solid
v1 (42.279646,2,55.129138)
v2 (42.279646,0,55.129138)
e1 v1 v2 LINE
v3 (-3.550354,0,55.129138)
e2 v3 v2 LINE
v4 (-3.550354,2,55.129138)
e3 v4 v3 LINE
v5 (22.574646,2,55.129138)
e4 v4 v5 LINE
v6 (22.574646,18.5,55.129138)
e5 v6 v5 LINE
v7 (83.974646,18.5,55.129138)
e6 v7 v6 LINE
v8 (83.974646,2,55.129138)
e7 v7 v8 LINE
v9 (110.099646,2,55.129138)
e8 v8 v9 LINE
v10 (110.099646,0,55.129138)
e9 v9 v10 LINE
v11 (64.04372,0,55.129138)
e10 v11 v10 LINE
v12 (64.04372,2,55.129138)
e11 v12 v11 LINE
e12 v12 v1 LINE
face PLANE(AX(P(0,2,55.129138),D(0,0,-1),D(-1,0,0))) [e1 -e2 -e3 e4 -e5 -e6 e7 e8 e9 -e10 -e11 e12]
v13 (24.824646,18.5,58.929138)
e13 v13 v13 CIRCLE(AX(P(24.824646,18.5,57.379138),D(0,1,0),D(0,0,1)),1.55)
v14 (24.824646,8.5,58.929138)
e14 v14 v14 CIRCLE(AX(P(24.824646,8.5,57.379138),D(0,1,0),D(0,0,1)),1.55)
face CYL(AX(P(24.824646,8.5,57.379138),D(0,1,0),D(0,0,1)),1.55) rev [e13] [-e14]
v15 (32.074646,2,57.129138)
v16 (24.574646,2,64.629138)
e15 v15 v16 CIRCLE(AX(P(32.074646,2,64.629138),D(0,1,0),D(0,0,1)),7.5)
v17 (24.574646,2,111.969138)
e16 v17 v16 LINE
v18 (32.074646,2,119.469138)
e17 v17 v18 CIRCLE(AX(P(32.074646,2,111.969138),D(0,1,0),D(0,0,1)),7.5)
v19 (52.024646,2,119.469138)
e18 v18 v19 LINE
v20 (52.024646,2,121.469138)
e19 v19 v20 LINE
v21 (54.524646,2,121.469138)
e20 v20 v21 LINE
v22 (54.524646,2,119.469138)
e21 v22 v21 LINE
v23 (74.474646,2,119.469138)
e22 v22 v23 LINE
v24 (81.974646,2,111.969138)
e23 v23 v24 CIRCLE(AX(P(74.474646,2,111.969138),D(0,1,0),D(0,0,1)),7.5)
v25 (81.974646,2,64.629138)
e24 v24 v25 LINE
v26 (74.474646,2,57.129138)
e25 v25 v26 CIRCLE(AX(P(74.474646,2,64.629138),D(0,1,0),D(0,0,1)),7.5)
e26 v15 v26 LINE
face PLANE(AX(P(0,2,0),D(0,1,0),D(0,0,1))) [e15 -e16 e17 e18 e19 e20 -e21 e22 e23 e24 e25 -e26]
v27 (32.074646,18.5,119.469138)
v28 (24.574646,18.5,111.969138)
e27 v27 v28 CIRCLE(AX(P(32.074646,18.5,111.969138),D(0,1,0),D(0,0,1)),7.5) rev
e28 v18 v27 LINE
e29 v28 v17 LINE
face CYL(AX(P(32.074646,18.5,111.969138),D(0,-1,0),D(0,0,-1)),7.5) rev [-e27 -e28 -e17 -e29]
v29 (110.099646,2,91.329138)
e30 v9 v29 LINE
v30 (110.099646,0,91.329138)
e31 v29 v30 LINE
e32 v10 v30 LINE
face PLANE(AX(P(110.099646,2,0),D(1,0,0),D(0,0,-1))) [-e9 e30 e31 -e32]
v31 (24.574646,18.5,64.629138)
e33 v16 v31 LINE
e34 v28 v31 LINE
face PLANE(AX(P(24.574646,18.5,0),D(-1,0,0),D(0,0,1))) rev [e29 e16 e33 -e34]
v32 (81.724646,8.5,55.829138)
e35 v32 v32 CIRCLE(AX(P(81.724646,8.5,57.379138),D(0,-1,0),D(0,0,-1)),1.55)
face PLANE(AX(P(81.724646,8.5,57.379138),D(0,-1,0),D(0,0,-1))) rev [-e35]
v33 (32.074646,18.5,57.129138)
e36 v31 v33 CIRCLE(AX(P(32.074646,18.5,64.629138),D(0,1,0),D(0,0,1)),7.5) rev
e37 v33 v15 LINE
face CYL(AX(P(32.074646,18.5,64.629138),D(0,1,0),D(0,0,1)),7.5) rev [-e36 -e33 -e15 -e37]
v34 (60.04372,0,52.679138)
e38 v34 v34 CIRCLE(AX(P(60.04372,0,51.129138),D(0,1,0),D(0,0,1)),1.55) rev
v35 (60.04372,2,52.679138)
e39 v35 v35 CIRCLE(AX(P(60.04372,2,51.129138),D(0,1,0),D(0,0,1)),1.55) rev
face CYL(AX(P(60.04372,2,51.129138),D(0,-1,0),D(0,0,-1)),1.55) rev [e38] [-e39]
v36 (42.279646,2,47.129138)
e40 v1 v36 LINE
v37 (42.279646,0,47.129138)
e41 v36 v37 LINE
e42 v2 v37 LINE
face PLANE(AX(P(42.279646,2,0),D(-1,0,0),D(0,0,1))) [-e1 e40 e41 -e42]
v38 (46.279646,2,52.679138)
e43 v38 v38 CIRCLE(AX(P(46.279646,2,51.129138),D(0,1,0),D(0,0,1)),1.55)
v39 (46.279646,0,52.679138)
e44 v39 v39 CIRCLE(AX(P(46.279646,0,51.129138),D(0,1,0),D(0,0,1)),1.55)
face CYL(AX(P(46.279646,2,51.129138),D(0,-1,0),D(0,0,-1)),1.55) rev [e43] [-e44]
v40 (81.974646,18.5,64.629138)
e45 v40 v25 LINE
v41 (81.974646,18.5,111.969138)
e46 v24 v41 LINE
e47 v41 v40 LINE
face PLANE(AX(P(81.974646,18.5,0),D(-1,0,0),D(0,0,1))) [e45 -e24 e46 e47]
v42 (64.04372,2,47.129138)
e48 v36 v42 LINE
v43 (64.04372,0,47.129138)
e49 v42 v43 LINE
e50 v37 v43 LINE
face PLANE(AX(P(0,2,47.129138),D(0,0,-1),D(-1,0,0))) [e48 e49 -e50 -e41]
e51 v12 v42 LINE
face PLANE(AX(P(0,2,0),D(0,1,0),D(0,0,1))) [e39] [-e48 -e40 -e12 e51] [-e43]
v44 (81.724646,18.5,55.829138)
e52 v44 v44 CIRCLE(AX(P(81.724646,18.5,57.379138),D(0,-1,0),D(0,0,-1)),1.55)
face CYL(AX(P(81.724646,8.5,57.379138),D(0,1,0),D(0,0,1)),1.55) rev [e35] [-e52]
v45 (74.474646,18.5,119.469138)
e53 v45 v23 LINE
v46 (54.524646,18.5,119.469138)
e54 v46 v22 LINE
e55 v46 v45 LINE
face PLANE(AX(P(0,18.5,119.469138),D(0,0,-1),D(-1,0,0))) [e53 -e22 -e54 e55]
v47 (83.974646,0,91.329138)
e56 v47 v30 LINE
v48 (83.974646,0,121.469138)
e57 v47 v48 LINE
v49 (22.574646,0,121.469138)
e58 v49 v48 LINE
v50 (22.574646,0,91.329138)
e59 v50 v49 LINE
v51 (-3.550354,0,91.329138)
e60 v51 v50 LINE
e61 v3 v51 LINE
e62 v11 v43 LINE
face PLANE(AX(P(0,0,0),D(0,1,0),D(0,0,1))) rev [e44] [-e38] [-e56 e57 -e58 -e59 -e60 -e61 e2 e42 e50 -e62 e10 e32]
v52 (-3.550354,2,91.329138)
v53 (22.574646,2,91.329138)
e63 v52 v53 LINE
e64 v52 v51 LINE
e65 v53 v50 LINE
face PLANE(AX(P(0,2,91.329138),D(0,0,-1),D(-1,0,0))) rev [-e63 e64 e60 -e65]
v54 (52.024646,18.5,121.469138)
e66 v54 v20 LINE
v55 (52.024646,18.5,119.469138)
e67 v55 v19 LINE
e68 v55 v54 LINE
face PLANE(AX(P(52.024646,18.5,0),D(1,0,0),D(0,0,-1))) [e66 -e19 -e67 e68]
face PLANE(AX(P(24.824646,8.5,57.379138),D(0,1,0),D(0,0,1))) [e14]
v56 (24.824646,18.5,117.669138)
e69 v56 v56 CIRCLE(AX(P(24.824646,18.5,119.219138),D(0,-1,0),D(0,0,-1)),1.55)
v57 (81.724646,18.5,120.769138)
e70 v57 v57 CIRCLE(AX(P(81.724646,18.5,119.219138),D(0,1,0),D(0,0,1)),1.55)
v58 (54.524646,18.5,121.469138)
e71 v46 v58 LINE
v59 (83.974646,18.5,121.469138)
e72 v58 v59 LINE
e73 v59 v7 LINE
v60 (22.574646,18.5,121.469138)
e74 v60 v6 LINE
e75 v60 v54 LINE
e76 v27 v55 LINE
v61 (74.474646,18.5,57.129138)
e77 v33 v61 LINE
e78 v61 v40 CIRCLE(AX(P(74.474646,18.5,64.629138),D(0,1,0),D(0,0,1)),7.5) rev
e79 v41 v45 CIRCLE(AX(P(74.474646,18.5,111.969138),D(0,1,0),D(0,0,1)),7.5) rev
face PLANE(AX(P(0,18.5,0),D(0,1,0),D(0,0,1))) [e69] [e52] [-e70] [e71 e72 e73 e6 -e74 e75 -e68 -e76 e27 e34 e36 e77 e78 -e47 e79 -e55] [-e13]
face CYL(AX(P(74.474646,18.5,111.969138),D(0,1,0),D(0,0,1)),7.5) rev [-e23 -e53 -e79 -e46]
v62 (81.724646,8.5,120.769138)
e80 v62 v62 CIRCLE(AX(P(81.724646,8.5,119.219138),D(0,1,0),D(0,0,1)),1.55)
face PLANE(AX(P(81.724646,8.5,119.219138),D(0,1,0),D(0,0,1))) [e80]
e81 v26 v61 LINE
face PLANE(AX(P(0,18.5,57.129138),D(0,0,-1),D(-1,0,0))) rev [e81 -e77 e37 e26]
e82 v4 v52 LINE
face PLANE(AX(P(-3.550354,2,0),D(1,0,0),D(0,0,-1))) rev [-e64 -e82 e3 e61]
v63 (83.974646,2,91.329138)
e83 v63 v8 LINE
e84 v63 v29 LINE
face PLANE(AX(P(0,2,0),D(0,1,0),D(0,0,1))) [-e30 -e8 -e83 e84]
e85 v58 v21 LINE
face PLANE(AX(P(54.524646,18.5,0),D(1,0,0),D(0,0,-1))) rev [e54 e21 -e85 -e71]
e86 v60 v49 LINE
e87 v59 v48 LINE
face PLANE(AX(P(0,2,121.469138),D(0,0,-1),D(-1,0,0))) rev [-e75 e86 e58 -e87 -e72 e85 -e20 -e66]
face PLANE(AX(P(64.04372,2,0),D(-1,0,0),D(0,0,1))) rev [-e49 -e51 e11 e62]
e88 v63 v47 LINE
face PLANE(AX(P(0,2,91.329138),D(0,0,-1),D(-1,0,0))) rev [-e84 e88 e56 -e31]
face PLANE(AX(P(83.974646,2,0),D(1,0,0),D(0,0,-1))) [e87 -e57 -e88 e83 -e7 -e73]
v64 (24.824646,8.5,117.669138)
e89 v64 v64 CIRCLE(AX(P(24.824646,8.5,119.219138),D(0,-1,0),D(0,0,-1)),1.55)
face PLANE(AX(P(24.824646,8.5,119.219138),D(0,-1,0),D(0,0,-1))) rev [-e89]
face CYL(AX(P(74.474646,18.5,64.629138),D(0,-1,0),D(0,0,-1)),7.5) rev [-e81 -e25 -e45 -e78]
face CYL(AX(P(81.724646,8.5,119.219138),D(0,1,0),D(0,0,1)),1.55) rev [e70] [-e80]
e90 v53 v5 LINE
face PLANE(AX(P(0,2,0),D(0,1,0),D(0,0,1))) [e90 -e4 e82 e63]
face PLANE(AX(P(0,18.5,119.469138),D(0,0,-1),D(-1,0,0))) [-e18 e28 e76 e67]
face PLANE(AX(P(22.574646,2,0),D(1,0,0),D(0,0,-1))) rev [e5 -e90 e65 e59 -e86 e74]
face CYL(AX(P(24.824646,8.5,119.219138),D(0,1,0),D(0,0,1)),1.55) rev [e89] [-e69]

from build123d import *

# Parameters (mm, degrees)
SKETCH1_R           = 1.55
SKETCH1_W           = 61.4
SKETCH1_H           = 66.34
BOSS_EXTRUDE1_DEPTH = 2
BOSS_EXTRUDE2_DEPTH = 16.5
FILLET1_R           = 7.5
SKETCH3_R           = 1.55
CUT_EXTRUDE1_DEPTH  = 10


with BuildPart() as part:
    # Sketch1 → Boss-Extrude1 (new body)
    # profile 1 of 2: a face of its own
    with BuildSketch(Plane(origin=(0, 0, 0), x_dir=(1, 0, 0), z_dir=(0, 1, 0))):
        Polygon((42.27964617, -55.129137945), (42.27964617, -47.129137945), (64.04371989, -47.129137945), (64.04371989, -55.129137945), (110.09964617, -55.129137945), (110.09964617, -91.329137945), (-3.55035383, -91.329137945), (-3.55035383, -55.129137945), align=None)
        with Locations(Location((46.27964617, -51.129137945, 0), (0, 0, 270))):
            Circle(SKETCH1_R, mode=Mode.SUBTRACT)
        with Locations(Location((60.04371989, -51.129137945, 0), (0, 0, 270))):
            Circle(SKETCH1_R, mode=Mode.SUBTRACT)
    # profile 2 of 2: a face of its own
    with BuildSketch(Plane(origin=(0, 0, 0), x_dir=(1, 0, 0), z_dir=(0, 1, 0))):
        with Locations((53.27464617, -88.299137945)):
            Rectangle(SKETCH1_W, SKETCH1_H)
    extrude(amount=BOSS_EXTRUDE1_DEPTH)

    # Sketch2 → Boss-Extrude2 (add)
    with BuildSketch(Plane(origin=(0, 2, 0), x_dir=(1, 0, 0), z_dir=(0, 1, 0))):
        Polygon((22.57464617, -91.329137945), (22.57464617, -121.469137945), (52.02464617, -121.469137945), (52.02464617, -119.469137945), (24.57464617, -119.469137945), (24.57464617, -57.129137945), (81.97464617, -57.129137945), (81.97464617, -119.469137945), (54.52464617, -119.469137945), (54.52464617, -121.469137945), (83.97464617, -121.469137945), (83.97464617, -91.329137945), (83.97464617, -55.129137945), (64.04371989, -55.129137945), (42.27964617, -55.129137945), (22.57464617, -55.129137945), align=None)
    extrude(amount=BOSS_EXTRUDE2_DEPTH)

    # Fillet1
    fillet1_edges = [part.edges().sort_by_distance(p)[0] for p in [
        (81.97464617, 10.25, 119.469137945),
        (24.57464617, 10.25, 119.469137945),
        (24.57464617, 10.25, 57.129137945),
        (81.97464617, 10.25, 57.129137945),
    ]]
    fillet(fillet1_edges, radius=FILLET1_R)

    # Sketch3 → Cut-Extrude1 (cut)
    with BuildSketch(Plane(origin=(0, 18.5, 0), x_dir=(1, 0, 0), z_dir=(0, 1, 0))):
        with Locations(Location((24.82464617, -57.379137945, 0), (0, 0, 270))):
            Circle(SKETCH3_R)
        with Locations(Location((81.72464617, -57.379137945, 0), (0, 0, 90))):
            Circle(SKETCH3_R)
        with Locations(Location((81.72464617, -119.219137945, 0), (0, 0, 270))):
            Circle(SKETCH3_R)
        with Locations(Location((24.82464617, -119.219137945, 0), (0, 0, 90))):
            Circle(SKETCH3_R)
    extrude(amount=-CUT_EXTRUDE1_DEPTH, mode=Mode.SUBTRACT)


solid = part.part
